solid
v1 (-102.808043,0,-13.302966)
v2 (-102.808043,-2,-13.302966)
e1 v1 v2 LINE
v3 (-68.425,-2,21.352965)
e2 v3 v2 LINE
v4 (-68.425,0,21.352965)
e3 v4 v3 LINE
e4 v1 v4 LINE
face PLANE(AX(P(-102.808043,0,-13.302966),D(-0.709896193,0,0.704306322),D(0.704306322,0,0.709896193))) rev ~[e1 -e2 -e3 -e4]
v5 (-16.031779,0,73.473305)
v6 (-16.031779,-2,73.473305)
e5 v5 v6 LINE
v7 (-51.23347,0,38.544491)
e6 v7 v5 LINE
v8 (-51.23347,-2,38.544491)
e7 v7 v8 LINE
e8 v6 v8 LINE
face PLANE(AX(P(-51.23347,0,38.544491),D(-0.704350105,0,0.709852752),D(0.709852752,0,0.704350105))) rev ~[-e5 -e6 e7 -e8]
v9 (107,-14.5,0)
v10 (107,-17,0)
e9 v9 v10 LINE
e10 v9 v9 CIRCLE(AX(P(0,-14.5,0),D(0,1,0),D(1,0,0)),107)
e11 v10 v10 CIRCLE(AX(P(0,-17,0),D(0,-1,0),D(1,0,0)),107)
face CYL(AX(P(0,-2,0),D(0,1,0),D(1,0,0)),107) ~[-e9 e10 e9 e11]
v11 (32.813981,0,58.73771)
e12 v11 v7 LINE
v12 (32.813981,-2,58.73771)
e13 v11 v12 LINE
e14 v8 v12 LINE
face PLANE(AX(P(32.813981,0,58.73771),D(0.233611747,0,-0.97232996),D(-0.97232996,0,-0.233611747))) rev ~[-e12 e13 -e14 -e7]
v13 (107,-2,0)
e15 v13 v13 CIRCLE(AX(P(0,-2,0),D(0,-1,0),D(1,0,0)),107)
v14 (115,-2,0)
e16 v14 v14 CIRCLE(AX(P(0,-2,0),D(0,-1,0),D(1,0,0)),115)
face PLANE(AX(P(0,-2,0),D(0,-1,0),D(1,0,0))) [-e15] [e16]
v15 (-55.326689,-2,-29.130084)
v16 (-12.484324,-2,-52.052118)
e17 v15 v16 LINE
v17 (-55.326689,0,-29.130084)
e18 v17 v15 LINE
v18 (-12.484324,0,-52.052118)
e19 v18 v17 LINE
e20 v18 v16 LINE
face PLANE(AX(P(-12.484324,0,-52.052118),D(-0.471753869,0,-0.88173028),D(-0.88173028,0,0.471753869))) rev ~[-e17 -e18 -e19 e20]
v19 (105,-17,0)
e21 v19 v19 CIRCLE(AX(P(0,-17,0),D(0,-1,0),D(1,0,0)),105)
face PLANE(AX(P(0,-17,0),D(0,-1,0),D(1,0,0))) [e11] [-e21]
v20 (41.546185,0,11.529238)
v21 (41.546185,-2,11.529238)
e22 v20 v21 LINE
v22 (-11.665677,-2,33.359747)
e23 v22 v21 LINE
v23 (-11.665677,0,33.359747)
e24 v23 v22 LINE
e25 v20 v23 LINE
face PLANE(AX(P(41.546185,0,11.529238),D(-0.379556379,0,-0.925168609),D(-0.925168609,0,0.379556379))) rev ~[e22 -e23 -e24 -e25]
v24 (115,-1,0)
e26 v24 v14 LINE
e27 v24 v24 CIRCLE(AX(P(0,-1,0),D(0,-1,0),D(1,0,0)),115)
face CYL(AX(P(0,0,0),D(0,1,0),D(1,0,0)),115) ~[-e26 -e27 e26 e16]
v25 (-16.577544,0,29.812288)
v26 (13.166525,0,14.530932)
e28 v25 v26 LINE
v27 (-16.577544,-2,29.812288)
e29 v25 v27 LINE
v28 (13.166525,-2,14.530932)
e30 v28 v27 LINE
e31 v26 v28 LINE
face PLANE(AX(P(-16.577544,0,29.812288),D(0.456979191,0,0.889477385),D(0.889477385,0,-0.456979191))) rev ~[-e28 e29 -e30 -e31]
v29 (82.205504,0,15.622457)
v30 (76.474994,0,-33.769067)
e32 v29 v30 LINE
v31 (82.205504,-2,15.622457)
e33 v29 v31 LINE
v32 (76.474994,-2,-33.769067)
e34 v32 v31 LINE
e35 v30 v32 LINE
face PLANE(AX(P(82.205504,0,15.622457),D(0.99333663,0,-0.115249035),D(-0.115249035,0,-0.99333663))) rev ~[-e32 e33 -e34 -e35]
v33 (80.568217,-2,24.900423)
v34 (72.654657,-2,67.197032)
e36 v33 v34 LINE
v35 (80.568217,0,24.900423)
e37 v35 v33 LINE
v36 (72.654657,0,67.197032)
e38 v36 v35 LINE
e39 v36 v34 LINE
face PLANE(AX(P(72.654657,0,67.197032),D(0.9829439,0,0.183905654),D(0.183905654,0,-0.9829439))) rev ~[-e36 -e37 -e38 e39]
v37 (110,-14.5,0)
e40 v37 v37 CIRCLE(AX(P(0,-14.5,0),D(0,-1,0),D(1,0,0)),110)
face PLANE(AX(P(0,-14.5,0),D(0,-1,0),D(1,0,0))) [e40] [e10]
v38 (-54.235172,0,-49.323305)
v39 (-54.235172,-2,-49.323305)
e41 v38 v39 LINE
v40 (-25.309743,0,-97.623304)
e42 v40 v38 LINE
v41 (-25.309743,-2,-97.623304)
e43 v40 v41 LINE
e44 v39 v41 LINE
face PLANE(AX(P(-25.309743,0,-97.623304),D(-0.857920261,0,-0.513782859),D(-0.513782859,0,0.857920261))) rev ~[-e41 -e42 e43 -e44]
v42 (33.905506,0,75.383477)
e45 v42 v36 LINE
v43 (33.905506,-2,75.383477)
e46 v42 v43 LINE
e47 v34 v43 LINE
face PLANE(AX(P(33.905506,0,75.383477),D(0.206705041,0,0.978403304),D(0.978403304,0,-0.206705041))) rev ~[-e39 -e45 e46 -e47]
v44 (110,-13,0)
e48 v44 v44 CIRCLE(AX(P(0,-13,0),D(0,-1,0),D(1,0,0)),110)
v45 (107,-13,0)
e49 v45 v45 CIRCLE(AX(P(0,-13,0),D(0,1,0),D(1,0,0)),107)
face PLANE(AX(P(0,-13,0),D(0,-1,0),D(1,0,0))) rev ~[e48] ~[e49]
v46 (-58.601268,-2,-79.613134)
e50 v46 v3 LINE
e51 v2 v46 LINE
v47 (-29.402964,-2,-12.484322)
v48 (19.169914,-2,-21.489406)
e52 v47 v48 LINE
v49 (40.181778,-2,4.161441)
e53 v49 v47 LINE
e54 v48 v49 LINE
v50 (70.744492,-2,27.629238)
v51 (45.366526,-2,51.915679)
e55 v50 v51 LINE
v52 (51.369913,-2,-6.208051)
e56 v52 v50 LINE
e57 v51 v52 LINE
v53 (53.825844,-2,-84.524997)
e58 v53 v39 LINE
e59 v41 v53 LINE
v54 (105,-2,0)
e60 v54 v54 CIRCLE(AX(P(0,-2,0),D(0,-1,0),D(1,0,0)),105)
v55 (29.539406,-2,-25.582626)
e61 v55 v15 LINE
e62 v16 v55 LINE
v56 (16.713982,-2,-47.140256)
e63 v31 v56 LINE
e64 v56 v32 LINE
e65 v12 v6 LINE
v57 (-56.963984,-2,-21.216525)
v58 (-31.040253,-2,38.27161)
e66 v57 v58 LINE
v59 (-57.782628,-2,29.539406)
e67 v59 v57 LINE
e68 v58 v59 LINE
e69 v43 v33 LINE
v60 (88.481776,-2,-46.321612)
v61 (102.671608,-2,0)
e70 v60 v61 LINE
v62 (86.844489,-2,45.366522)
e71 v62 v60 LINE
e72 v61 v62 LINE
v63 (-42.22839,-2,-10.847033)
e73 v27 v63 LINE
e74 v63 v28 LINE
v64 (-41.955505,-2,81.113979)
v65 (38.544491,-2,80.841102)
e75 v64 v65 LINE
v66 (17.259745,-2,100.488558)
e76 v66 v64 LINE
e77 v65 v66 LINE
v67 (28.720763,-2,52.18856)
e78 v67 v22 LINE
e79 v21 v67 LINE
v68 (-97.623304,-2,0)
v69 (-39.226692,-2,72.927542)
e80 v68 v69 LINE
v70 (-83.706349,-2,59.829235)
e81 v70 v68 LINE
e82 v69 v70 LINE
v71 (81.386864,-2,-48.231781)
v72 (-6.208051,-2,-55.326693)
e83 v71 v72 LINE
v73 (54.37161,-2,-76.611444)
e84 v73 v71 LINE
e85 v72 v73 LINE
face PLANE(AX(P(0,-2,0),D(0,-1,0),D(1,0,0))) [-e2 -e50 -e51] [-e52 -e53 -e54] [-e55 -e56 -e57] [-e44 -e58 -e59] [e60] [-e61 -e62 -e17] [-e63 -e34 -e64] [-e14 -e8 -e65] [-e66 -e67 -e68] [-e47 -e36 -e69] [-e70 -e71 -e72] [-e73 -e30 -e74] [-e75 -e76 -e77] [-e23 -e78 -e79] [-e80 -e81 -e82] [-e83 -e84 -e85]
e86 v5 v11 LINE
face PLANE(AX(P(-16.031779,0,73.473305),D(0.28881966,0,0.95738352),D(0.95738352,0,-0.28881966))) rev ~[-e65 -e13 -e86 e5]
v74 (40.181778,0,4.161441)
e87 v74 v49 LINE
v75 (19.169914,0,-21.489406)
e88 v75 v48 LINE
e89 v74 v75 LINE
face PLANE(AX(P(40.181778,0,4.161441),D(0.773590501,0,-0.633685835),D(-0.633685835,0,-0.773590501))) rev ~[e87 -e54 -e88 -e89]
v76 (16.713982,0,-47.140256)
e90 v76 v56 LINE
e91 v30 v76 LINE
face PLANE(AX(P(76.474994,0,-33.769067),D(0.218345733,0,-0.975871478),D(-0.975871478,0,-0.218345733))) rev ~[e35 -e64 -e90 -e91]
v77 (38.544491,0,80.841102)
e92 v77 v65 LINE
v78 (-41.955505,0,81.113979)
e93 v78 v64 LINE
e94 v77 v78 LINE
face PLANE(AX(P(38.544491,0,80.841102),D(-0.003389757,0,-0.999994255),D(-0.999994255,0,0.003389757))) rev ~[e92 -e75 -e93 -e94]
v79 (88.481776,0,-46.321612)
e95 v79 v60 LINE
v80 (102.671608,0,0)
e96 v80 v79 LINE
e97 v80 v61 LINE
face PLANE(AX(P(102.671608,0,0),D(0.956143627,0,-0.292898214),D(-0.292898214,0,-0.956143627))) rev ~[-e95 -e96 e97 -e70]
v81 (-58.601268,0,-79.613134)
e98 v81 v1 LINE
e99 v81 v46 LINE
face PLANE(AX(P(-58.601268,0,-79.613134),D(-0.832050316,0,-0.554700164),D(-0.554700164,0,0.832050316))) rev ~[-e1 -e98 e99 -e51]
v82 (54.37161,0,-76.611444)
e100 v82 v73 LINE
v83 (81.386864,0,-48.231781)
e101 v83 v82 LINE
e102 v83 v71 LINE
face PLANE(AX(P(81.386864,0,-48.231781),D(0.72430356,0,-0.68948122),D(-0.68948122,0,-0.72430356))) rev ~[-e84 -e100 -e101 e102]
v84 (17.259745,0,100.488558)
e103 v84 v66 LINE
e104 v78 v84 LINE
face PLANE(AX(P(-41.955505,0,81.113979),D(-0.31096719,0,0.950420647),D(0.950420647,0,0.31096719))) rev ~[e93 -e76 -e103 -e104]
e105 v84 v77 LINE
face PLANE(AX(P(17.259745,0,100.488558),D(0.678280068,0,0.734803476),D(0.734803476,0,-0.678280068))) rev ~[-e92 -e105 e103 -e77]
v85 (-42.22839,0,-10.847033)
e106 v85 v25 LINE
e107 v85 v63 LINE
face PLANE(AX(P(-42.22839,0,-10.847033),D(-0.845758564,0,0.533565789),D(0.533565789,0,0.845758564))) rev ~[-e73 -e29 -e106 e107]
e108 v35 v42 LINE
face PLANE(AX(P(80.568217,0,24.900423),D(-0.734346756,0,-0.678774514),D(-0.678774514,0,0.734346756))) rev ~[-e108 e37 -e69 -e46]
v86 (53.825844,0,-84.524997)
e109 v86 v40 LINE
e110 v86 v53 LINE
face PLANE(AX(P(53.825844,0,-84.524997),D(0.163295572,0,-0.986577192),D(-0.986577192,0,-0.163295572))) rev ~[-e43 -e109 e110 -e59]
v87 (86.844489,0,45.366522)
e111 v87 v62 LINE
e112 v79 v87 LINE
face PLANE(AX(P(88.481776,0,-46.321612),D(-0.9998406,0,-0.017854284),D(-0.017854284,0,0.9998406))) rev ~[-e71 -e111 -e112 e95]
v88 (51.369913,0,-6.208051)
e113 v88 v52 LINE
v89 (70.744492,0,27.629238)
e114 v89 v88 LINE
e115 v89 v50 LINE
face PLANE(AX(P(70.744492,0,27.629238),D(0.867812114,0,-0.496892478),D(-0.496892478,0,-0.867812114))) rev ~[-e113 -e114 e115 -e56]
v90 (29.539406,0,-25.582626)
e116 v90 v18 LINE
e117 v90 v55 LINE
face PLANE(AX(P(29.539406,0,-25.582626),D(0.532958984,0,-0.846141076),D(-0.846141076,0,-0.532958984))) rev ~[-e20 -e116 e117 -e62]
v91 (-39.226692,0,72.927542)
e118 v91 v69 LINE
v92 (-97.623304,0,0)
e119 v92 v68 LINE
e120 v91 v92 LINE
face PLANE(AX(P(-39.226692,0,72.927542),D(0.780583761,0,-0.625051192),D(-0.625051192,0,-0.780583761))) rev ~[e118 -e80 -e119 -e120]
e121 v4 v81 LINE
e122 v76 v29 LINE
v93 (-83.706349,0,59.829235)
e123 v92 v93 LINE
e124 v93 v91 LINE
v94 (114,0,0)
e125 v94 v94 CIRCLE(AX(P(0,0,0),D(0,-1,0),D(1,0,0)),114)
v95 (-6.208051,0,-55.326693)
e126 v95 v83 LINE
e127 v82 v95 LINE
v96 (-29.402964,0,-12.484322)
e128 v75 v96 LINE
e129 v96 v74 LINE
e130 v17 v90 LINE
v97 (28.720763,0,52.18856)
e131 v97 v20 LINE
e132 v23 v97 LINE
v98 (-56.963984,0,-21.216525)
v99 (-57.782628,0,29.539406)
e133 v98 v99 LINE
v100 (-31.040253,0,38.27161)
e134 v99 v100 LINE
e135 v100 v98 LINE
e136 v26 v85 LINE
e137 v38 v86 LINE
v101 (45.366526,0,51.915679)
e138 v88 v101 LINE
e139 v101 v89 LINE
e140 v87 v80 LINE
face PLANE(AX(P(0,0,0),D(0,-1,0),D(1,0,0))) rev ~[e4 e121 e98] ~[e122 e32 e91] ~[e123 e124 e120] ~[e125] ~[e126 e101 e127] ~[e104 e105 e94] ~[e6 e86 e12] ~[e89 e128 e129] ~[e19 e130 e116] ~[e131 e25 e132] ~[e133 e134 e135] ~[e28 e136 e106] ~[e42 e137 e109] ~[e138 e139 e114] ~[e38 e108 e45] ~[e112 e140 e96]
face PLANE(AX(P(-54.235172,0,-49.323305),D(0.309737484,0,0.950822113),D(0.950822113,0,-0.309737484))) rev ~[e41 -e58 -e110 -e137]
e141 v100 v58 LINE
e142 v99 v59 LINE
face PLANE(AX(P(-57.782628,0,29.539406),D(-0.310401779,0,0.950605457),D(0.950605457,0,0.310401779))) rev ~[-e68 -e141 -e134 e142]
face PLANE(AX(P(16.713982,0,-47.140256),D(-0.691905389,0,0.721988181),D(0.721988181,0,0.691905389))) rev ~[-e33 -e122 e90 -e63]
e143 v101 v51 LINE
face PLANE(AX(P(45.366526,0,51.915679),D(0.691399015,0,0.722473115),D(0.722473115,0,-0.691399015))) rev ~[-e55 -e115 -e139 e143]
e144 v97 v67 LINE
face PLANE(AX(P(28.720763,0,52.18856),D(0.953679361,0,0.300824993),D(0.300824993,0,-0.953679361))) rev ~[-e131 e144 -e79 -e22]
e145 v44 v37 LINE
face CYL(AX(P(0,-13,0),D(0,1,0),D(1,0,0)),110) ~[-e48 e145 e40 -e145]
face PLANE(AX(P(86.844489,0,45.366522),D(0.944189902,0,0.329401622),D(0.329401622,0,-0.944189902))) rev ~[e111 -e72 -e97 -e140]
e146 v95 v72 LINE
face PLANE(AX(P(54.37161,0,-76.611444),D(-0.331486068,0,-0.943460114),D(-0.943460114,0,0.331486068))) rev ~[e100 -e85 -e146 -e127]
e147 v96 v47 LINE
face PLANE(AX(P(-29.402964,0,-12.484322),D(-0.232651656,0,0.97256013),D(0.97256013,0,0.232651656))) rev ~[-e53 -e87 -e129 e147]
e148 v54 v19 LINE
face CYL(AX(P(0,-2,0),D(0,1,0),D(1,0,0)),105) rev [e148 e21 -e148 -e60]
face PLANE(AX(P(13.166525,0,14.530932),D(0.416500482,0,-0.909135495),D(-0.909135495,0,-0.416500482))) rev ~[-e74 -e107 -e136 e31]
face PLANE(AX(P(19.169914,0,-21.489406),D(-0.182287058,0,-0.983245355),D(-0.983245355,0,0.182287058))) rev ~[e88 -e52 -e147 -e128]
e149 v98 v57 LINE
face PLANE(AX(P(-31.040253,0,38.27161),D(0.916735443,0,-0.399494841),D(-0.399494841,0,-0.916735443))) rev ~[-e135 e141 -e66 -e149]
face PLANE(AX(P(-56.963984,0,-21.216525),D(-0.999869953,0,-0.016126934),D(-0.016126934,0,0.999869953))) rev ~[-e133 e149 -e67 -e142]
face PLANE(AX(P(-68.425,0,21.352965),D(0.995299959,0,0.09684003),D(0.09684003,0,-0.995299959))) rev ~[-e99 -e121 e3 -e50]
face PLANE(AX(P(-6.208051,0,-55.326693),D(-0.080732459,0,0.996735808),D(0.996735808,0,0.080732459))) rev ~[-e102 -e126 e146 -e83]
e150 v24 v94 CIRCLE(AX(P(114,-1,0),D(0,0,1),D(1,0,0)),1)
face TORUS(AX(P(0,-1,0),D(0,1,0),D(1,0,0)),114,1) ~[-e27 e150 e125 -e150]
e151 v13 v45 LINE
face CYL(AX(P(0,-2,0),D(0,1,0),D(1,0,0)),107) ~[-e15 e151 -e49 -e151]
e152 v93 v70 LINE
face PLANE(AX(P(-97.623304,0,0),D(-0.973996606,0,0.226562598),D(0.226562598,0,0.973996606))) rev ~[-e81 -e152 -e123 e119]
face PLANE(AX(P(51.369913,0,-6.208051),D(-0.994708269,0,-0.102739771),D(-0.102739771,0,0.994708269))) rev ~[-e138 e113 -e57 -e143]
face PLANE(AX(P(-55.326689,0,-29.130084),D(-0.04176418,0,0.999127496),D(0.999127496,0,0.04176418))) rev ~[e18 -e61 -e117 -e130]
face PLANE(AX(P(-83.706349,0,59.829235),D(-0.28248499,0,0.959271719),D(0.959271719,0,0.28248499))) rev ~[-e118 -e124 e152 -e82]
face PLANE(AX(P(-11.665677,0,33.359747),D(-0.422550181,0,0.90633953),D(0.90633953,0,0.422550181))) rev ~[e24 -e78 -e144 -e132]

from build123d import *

# Parameters (mm, degrees)
F0_R      = 115
F1_DEPTH  = 2
F2_R      = 107
F2_R_2    = 105
F3_DEPTH  = 15
F5_R      = 110
F6_DEPTH  = 1.5
F7_R      = 1
F6_FACE_R = 105
F9_DEPTH  = 12
F11_DEPTH = 15
F13_DEPTH = 15


with BuildPart() as f1:
    # F0 (on Front) → F1 (new body)
    with BuildSketch(Plane.XZ):
        Circle(F0_R)
    extrude(amount=F1_DEPTH)

    # F2 (on face) → F3 (join)
    with BuildSketch(Plane.XZ.offset(2)):
        Circle(F2_R)
        Circle(F2_R_2, mode=Mode.SUBTRACT)
    extrude(amount=F3_DEPTH)

    # F5 (on offset) → F6 (join)
    with BuildSketch(Plane.XZ.offset(13)):
        Circle(F5_R)
    extrude(amount=F6_DEPTH)

    # F7
    f7_edges = [f1.edges().sort_by_distance(p)[0] for p in [
        (-115, 0, 0),
    ]]
    fillet(f7_edges, radius=F7_R)

    # F6_face (on face) → F9 (cut)
    with BuildSketch(Plane.XZ.offset(14.5)):
        Circle(F6_FACE_R)
    extrude(amount=-F9_DEPTH, mode=Mode.SUBTRACT)

    # F10 (on face) → F11 (cut)
    with BuildSketch(Plane(origin=(0, 0, 0), x_dir=(-1, 0, 0), z_dir=(0, 1, 0))):
        Polygon((-17.259745, 100.488558), (-38.544491, 80.841102), (41.955505, 81.113979), align=None)
        Polygon((83.706349, 59.829235), (39.226692, 72.927542), (97.623304, 0), align=None)
        Polygon((102.808043, -13.302966), (68.425, 21.352965), (58.601268, -79.613134), align=None)
        Polygon((25.309743, -97.623304), (54.235172, -49.323305), (-53.825844, -84.524997), align=None)
        Polygon((-81.386864, -48.231781), (-54.37161, -76.611444), (6.208051, -55.326693), align=None)
        Polygon((-102.671608, 0), (-88.481776, -46.321612), (-86.844489, 45.366522), align=None)
        Polygon((-33.905506, 75.383477), (-72.654657, 67.197032), (-80.568217, 24.900423), align=None)
    extrude(amount=-F11_DEPTH, mode=Mode.SUBTRACT)

    # F12 (on face) → F13 (cut)
    with BuildSketch(Plane(origin=(0, 0, 0), x_dir=(-1, 0, 0), z_dir=(0, 1, 0))):
        Polygon((16.031779, 73.473305), (-32.813981, 58.73771), (51.23347, 38.544491), align=None)
        Polygon((57.782628, 29.539406), (31.040253, 38.27161), (56.963984, -21.216525), align=None)
        Polygon((12.484324, -52.052118), (55.326689, -29.130084), (-29.539406, -25.582626), align=None)
        Polygon((-76.474994, -33.769067), (-16.713982, -47.140256), (-82.205504, 15.622457), align=None)
        Polygon((-51.369913, -6.208051), (-45.366526, 51.915679), (-70.744492, 27.629238), align=None)
        Polygon((11.665677, 33.359747), (-28.720763, 52.18856), (-41.546185, 11.529238), align=None)
        Polygon((42.22839, -10.847033), (16.577544, 29.812288), (-13.166525, 14.530932), align=None)
        Polygon((-19.169914, -21.489406), (29.402964, -12.484322), (-40.181778, 4.161441), align=None)
    extrude(amount=-F13_DEPTH, mode=Mode.SUBTRACT)


solid = f1.part
